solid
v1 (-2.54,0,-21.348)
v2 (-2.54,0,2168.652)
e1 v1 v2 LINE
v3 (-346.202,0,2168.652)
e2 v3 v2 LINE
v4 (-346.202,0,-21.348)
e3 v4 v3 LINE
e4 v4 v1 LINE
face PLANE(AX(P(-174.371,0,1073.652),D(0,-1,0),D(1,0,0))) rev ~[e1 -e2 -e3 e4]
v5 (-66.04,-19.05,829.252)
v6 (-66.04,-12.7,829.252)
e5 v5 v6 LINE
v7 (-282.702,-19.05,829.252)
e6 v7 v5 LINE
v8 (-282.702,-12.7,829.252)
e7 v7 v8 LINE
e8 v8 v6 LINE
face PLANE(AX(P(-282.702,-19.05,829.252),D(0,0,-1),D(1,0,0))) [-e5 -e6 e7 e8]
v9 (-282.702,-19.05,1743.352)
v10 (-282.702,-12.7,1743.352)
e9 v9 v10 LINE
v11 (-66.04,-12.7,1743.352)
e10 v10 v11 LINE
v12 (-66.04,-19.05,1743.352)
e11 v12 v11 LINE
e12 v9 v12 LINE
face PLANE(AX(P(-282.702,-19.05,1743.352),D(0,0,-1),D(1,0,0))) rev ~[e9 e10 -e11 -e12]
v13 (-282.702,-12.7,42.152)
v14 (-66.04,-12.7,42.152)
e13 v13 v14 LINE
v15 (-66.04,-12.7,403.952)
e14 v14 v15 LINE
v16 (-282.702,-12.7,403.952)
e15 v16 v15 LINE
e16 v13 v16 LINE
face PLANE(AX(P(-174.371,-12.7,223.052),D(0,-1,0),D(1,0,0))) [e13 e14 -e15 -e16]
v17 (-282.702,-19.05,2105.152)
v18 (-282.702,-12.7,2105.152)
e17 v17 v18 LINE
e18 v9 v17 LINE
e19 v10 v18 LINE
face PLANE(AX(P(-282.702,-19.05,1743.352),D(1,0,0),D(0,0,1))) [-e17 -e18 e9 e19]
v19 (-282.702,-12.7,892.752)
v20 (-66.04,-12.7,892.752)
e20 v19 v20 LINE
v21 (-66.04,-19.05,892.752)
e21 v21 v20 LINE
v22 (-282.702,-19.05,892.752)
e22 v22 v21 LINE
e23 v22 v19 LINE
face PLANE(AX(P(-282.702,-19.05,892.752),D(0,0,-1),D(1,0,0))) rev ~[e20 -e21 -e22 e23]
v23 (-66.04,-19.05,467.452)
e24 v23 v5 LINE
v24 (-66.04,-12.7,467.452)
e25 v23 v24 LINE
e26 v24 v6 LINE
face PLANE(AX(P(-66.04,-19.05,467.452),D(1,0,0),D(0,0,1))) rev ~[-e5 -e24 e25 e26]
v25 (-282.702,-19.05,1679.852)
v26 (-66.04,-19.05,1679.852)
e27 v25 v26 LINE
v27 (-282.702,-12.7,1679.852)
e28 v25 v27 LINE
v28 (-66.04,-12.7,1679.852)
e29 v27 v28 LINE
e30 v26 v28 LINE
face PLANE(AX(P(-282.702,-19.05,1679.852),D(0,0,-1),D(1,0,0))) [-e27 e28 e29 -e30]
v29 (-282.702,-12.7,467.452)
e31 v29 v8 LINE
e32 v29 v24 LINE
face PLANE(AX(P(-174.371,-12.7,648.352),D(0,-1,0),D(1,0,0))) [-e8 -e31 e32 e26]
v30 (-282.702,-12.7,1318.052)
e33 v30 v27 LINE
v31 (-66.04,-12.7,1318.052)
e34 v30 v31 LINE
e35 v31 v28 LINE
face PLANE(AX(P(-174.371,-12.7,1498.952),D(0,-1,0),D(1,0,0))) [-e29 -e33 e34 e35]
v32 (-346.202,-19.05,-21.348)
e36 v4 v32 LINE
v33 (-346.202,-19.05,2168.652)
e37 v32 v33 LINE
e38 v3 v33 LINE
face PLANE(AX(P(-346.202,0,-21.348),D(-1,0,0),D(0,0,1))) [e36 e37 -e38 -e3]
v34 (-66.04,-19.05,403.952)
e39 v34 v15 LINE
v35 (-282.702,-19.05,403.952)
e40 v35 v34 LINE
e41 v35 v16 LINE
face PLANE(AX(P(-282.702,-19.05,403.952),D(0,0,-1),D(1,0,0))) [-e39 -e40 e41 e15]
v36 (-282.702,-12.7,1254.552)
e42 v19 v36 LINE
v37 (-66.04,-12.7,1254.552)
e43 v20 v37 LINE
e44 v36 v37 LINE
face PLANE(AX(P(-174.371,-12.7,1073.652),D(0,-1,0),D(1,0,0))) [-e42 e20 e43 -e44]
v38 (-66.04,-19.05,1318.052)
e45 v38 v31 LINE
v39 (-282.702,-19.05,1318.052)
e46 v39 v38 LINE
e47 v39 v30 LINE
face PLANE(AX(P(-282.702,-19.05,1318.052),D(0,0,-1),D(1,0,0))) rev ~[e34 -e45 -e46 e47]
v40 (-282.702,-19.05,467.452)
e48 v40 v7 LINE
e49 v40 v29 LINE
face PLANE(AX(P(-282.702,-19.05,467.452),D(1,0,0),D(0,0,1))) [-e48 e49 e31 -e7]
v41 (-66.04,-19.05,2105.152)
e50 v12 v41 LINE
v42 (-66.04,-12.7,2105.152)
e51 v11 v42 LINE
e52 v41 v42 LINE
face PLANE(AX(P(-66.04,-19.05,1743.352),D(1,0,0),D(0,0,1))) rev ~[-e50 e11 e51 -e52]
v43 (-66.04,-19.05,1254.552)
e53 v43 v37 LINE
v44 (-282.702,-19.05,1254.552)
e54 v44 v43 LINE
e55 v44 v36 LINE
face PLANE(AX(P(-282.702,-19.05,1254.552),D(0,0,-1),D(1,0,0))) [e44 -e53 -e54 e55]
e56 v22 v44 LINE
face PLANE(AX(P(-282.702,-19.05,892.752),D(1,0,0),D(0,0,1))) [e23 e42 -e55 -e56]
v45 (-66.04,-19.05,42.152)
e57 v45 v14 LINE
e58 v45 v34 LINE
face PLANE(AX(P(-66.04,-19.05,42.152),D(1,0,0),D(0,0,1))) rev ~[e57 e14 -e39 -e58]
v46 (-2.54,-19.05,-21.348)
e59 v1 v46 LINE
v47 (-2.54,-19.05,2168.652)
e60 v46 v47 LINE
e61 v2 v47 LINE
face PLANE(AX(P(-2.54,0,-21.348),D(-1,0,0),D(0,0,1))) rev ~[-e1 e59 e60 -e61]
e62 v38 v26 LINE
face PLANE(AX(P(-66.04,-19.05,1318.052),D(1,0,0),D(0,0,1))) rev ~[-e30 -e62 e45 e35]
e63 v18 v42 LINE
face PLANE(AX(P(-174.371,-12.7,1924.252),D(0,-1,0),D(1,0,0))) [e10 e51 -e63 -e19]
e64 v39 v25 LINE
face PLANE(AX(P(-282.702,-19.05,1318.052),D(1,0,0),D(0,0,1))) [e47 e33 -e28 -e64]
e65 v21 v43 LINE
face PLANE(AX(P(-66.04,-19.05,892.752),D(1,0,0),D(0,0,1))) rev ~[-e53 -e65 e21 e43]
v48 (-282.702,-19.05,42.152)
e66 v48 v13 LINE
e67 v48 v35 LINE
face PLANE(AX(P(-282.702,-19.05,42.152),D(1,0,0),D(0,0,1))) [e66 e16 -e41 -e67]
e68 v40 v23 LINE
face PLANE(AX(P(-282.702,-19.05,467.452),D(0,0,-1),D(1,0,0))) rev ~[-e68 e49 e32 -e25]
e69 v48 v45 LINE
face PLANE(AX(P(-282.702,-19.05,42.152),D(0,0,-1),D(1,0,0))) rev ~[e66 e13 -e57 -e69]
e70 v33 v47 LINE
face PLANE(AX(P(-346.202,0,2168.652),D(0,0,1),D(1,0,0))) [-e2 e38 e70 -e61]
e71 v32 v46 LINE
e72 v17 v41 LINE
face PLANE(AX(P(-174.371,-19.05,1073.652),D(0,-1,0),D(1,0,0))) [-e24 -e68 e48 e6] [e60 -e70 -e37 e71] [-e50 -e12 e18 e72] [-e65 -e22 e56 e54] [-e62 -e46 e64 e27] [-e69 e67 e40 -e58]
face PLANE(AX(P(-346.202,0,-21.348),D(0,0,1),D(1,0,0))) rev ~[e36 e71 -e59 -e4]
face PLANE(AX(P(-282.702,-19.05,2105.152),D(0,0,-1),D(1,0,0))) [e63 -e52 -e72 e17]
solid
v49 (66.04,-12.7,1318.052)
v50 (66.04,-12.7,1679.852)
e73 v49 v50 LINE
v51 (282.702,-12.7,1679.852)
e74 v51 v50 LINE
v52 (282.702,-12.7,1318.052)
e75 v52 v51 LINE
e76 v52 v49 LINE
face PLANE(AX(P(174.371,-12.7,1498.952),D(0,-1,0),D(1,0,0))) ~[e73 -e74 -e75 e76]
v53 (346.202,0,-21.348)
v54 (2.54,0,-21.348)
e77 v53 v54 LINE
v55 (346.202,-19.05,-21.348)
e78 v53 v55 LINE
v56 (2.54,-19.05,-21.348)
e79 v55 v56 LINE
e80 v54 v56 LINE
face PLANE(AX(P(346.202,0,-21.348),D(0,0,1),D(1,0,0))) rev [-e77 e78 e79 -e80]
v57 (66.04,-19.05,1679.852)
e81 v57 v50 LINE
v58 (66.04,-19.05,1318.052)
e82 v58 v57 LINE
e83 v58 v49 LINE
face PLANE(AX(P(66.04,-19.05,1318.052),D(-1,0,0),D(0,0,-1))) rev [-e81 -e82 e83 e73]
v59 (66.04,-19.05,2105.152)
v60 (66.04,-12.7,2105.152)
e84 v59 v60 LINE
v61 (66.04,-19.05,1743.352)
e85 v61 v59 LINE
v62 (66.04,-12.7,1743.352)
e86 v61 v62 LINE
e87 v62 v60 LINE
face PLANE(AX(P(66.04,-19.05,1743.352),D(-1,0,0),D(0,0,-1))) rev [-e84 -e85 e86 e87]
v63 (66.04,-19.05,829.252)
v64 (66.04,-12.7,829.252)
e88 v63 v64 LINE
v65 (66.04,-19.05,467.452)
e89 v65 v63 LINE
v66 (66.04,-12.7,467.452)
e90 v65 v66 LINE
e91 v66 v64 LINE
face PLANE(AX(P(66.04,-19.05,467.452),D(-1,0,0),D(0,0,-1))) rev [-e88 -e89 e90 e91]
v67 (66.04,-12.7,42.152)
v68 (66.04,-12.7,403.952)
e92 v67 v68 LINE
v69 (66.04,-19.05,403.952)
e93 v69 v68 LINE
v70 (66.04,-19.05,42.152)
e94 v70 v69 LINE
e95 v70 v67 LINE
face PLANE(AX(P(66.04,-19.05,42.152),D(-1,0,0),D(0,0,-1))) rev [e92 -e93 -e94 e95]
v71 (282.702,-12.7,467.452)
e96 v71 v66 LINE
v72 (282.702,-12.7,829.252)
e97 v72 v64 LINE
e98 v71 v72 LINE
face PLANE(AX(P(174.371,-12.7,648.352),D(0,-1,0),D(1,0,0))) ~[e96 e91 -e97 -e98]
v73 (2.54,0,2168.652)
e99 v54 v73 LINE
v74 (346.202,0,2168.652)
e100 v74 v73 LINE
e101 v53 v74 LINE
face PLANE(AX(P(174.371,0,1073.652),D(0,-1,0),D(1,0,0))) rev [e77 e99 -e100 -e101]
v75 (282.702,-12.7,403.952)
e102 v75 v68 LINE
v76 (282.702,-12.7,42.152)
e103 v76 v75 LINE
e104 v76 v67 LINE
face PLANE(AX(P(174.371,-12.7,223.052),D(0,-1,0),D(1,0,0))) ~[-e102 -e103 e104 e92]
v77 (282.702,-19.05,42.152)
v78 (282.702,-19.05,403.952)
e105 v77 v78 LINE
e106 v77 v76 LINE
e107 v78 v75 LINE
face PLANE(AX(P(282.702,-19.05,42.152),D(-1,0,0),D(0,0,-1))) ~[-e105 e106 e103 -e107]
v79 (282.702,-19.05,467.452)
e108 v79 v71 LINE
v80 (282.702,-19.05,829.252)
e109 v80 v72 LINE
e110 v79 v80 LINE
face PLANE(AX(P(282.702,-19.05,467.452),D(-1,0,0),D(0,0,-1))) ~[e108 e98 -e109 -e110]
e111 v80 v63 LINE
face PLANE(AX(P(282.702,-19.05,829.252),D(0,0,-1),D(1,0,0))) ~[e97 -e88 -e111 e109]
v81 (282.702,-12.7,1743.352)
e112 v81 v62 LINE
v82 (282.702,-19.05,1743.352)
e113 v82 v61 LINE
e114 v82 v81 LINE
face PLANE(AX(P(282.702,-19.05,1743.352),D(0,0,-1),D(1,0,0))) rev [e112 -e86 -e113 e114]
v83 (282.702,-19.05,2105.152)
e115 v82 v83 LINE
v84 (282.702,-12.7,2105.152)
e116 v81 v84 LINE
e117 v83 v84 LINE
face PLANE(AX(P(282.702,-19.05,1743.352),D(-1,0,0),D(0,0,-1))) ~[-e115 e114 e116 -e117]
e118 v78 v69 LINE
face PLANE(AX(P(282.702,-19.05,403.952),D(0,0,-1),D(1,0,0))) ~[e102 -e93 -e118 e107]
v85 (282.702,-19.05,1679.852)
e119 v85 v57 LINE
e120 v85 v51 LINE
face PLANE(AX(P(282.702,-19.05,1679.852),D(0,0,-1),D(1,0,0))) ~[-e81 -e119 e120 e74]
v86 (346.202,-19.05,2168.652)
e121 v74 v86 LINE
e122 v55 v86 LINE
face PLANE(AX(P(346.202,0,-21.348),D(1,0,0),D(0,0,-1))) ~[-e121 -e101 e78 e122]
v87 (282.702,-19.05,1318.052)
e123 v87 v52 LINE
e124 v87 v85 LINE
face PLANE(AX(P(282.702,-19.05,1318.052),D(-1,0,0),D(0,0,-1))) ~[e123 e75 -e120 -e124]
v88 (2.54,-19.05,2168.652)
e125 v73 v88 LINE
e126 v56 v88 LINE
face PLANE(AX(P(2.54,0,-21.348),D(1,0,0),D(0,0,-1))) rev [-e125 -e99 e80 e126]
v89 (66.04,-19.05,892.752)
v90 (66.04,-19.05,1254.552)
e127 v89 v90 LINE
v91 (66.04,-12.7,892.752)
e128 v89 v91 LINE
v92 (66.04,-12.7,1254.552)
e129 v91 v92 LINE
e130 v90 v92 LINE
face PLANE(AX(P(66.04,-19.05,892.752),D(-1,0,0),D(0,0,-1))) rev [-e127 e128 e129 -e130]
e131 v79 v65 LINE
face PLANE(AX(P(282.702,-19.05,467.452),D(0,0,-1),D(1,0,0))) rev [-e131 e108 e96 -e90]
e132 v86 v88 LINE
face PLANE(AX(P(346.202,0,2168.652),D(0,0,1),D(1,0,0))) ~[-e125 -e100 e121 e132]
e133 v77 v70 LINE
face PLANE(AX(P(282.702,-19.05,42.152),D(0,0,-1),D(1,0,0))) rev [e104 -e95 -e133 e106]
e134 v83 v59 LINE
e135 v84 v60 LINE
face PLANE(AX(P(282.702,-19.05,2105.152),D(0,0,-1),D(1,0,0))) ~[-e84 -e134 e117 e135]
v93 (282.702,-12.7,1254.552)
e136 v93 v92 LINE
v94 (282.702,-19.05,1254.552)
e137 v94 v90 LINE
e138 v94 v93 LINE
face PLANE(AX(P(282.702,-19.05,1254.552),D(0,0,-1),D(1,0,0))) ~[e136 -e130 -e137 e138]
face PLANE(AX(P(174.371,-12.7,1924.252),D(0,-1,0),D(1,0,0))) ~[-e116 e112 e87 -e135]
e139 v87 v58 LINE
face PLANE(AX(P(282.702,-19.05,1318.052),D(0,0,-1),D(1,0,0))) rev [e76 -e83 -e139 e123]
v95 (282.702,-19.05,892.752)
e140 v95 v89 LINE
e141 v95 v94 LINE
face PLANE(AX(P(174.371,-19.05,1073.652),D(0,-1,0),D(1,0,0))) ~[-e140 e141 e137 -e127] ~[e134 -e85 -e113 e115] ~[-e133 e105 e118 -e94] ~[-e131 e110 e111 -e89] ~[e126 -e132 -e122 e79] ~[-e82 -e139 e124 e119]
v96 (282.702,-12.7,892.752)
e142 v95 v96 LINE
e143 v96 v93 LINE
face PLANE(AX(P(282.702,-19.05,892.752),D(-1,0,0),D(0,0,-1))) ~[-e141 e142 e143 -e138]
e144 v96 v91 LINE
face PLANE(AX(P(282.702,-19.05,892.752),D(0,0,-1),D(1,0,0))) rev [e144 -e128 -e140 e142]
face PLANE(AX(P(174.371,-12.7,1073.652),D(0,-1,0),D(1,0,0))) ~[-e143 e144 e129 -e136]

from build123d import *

# Parameters (mm, degrees)
F1_W     = 343.662
F1_H     = 2190
F2_DEPTH = 19.05
F3_W     = 216.662
F3_H     = 361.8
F4_DEPTH = 6.35


with BuildPart() as f2:
    # F1 (on Front) → F2 (new body)
    with BuildSketch(Plane.XZ):
        with Locations((-174.371, 1073.652)):
            Rectangle(F1_W, F1_H)
    extrude(amount=F2_DEPTH)

    # F3 (on face) → F4 (cut)
    with BuildSketch(Plane.XZ.offset(19.05)):
        with Locations((-174.371, 223.052)):
            Rectangle(F3_W, F3_H)
        with Locations((-174.371, 648.352)):
            Rectangle(F3_W, F3_H)
        with Locations((-174.371, 1073.652)):
            Rectangle(F3_W, F3_H)
        with Locations((-174.371, 1498.952)):
            Rectangle(F3_W, F3_H)
        with Locations((-174.371, 1924.252)):
            Rectangle(F3_W, F3_H)
    extrude(amount=-F4_DEPTH, mode=Mode.SUBTRACT)


with BuildPart() as f5_1:
    # F5: instance of F2
    add(f2.part.mirror(Plane.YZ))


solid = Compound([f2.part, f5_1.part])
